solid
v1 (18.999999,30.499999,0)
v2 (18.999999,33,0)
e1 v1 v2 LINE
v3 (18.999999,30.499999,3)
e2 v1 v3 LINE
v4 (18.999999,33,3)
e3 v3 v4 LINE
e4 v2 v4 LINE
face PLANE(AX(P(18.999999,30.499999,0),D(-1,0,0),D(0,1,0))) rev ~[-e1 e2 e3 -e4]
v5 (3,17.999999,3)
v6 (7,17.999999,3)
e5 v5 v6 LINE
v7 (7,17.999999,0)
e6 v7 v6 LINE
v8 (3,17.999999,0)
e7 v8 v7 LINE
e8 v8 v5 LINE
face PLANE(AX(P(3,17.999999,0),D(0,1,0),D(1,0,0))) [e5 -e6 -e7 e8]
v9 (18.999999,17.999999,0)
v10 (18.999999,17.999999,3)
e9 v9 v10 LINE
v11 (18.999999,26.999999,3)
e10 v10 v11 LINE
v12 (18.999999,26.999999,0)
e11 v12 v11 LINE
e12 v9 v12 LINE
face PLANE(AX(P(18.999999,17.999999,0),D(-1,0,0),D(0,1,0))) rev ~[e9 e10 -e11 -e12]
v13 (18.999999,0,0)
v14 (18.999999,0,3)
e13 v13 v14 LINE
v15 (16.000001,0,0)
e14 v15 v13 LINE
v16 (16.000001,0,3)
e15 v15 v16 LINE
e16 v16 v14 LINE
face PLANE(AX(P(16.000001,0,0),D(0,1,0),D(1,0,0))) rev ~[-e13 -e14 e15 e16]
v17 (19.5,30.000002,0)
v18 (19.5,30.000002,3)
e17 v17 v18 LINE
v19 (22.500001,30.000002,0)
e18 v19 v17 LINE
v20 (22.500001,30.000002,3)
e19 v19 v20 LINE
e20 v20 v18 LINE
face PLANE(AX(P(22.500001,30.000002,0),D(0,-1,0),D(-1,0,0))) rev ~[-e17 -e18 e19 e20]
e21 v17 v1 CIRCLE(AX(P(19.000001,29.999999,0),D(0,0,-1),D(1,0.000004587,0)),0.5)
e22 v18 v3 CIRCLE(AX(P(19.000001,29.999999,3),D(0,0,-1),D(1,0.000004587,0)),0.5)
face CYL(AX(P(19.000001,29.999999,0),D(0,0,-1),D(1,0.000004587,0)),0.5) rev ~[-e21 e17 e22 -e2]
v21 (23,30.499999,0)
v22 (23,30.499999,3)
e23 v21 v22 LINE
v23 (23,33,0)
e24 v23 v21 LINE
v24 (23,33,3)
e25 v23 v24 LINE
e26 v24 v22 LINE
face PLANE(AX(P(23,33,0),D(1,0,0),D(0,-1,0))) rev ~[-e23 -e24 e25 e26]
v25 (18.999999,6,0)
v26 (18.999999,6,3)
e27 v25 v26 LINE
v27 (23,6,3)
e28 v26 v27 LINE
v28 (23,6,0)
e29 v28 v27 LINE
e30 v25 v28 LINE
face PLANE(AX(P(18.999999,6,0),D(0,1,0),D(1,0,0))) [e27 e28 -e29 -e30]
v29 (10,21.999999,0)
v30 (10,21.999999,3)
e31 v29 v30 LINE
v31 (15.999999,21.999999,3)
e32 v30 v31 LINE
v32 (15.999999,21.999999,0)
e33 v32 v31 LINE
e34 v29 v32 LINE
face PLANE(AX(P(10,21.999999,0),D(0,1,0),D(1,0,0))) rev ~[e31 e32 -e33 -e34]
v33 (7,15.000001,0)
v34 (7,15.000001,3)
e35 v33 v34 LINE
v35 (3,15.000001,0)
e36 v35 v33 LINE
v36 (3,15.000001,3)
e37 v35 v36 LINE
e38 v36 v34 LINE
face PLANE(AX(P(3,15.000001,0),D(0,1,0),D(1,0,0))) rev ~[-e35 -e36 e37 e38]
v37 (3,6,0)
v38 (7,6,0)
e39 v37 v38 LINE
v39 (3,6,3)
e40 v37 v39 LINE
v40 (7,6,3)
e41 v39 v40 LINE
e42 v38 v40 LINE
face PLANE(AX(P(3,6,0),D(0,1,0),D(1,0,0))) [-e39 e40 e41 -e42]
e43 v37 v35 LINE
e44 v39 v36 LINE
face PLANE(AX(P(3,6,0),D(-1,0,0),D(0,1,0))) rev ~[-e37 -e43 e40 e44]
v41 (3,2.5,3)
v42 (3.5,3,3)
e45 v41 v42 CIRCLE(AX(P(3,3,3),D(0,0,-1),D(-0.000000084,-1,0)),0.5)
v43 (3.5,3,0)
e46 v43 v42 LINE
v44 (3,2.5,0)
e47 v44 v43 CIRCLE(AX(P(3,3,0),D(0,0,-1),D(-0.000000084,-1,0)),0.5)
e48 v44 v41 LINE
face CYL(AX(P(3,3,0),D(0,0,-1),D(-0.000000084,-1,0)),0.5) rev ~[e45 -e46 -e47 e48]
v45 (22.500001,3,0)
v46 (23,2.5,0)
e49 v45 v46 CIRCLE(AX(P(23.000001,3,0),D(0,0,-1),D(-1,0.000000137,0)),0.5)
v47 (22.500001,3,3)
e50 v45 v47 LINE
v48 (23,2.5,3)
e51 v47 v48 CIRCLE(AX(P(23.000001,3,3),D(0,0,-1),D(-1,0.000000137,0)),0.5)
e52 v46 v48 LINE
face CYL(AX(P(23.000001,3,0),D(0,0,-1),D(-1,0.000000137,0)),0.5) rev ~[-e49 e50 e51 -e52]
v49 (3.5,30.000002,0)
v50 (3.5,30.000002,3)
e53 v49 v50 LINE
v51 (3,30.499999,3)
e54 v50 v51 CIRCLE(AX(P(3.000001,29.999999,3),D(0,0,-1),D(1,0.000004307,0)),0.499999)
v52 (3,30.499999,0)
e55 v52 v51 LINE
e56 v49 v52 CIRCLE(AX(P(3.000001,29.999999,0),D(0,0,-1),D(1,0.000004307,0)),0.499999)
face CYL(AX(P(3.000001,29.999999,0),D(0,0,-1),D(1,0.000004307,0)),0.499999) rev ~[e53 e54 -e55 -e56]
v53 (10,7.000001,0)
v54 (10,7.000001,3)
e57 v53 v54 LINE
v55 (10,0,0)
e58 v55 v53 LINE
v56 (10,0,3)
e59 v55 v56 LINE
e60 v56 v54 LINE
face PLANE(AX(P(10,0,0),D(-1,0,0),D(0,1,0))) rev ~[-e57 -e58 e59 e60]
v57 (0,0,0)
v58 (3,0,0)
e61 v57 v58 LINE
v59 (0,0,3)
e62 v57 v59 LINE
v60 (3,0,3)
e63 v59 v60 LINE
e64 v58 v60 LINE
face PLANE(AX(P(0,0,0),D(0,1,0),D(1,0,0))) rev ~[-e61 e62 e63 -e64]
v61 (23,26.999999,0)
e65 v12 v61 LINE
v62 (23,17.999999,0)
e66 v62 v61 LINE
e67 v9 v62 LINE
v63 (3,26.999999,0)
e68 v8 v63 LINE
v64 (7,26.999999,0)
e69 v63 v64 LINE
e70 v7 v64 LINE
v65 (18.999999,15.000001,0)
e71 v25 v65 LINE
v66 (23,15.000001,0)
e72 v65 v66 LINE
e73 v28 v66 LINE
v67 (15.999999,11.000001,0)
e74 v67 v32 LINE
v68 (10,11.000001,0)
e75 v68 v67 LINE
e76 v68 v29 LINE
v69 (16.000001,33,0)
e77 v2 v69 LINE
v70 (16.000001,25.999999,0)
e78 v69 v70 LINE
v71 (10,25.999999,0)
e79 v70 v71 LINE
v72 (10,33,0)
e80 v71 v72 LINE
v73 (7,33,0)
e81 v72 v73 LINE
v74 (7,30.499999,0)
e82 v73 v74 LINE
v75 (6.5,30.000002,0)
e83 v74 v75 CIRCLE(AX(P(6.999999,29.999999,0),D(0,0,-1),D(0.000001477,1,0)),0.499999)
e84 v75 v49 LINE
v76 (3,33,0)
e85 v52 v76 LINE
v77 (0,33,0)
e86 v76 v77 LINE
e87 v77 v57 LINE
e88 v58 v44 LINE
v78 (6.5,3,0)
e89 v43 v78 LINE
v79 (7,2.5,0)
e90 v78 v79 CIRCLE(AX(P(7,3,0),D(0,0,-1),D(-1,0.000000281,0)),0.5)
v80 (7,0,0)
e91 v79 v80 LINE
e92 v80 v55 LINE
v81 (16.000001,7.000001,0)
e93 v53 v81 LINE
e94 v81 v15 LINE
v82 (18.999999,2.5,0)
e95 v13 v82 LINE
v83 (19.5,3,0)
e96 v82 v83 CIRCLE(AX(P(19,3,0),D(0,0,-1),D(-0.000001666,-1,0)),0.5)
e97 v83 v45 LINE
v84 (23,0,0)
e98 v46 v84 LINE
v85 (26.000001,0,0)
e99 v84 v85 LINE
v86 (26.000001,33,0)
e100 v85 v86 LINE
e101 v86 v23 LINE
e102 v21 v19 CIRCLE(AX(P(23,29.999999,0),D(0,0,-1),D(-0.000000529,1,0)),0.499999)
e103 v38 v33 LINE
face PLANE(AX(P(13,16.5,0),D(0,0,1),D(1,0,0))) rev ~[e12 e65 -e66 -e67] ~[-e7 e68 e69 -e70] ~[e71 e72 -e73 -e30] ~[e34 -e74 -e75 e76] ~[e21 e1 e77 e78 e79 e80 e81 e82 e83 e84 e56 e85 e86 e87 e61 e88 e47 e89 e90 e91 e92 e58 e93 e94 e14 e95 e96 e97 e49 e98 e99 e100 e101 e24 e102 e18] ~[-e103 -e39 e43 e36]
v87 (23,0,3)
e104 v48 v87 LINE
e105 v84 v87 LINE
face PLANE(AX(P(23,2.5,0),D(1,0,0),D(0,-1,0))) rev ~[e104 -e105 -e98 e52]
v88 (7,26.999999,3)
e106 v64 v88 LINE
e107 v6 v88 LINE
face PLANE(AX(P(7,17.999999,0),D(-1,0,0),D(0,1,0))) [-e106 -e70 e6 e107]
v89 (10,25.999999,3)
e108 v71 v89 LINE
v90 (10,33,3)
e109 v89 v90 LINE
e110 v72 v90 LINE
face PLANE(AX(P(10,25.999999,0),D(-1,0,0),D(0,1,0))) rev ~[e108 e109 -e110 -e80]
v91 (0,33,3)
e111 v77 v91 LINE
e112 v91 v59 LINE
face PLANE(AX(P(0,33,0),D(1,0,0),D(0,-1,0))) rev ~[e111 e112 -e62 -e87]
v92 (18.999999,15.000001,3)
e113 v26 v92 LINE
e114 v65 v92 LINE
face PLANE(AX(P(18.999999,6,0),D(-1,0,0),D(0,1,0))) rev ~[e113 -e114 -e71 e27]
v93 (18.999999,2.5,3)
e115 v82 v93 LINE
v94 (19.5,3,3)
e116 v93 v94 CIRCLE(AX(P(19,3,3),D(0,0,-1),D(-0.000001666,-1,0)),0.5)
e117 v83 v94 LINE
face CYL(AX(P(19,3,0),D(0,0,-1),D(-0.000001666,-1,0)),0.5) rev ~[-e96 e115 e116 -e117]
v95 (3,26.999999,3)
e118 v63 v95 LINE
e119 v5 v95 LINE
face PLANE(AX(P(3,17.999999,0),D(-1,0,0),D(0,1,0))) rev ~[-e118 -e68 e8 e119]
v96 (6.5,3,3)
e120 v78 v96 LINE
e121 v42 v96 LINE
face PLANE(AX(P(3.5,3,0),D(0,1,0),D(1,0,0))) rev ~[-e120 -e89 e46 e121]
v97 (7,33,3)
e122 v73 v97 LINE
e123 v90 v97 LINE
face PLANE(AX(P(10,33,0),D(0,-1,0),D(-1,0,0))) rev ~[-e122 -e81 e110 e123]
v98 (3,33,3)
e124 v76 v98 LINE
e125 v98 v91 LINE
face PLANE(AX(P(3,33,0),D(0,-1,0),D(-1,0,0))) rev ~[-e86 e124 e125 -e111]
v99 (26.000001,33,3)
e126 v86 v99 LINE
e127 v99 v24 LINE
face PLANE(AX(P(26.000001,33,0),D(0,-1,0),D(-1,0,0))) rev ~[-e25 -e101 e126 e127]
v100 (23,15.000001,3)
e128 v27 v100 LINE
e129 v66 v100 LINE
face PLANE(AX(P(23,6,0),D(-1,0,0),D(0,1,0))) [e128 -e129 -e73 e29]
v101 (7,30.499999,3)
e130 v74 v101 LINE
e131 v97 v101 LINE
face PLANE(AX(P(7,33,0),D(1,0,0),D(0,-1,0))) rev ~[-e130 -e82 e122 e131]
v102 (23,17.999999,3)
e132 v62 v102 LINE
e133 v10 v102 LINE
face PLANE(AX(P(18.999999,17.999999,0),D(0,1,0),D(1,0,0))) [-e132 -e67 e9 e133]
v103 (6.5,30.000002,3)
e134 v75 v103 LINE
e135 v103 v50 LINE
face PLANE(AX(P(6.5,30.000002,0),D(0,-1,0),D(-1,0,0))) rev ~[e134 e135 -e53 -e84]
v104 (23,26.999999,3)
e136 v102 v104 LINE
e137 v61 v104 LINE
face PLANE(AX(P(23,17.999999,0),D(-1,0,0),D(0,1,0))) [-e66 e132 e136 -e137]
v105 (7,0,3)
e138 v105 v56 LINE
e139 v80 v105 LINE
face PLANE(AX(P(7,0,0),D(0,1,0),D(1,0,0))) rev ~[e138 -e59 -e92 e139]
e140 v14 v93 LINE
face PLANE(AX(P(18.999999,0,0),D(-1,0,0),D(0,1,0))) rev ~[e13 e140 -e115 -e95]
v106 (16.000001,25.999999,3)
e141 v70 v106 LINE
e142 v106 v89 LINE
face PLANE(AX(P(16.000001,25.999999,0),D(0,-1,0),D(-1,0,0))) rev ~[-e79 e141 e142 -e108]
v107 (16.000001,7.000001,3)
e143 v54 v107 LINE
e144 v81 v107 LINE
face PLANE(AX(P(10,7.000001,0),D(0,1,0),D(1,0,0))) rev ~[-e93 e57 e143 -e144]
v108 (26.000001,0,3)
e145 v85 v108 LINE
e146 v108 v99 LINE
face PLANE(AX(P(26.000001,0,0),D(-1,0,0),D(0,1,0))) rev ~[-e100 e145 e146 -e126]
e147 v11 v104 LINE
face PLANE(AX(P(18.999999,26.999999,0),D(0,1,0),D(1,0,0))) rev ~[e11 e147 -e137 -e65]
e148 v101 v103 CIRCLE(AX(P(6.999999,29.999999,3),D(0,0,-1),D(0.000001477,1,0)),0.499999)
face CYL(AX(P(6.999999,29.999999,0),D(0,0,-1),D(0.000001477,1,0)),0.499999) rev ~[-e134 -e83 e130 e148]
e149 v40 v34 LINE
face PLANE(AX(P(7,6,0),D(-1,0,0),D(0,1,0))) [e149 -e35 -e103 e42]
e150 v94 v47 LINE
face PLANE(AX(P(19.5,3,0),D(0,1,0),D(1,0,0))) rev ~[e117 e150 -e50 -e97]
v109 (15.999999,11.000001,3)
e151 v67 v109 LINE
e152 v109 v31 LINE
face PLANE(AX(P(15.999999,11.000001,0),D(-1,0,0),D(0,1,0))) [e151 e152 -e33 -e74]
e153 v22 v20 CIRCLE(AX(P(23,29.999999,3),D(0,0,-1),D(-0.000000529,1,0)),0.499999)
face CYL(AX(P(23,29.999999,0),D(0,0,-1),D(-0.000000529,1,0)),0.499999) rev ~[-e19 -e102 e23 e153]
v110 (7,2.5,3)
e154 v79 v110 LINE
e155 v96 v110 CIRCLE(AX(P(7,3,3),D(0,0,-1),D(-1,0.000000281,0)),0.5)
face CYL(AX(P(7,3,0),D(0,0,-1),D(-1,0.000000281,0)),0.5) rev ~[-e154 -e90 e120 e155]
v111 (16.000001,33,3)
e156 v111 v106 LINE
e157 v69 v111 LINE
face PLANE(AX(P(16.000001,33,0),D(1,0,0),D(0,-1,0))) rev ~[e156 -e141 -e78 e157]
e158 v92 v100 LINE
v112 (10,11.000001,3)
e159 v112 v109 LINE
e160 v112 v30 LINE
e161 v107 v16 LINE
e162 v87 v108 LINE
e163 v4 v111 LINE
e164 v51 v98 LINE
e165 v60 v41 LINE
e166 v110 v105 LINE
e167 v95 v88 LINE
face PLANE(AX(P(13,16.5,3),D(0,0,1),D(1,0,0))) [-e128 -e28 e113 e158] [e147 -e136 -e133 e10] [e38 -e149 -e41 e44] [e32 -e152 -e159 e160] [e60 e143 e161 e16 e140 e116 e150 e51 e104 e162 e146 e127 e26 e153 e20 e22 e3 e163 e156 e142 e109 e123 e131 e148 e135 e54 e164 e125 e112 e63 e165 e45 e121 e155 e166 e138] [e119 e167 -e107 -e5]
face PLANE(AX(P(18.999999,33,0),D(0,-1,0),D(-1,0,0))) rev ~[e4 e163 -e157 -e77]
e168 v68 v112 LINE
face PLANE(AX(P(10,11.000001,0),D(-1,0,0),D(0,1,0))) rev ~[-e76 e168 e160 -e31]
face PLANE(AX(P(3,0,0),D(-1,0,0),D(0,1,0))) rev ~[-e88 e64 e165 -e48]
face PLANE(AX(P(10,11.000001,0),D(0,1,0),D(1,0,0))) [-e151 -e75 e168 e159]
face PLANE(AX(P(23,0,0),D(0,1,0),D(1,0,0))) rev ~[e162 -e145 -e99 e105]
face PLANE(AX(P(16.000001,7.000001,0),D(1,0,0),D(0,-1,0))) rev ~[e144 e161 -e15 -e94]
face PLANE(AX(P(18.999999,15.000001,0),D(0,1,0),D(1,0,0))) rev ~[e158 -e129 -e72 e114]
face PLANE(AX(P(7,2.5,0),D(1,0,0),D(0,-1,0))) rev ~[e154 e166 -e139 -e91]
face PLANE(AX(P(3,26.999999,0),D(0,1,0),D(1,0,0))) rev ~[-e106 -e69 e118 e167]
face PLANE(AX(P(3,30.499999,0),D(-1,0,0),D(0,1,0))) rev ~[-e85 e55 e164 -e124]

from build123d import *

# Parameters (mm, degrees)
SKETCH_1_W      = 5.999999173
SKETCH_1_H      = 10.999998182
SKETCH_1_W_2    = 4.00000019
SKETCH_1_H_2    = 8.999999777
SKETCH_1_H_3    = 9.000000708
SKETCH_1_W_3    = 4.000000656
EXTRUDE_1_DEPTH = 3


with BuildPart() as part:
    # 草图1 → 凸台-拉伸1 (new body)
    with BuildSketch(Plane.XY):
        with BuildLine():
            Line((9.999999777, 25.999999166), (9.999999777, 33.000000149))
            Line((9.999999777, 33.000000149), (7.000000216, 33.000000149))
            Line((7.000000216, 33.000000149), (7.000000216, 30.499998808))
            ThreePointArc((7.000000216, 30.499998808), (7.353551416, 29.64644555), (6.500000134, 30.00000152))
            Line((6.500000134, 30.00000152), (3.500000108, 30.00000152))
            ThreePointArc((3.500000108, 30.00000152), (2.646448658, 29.646445383), (3.000000026, 30.499998808))
            Line((3.000000026, 30.499998808), (3.000000026, 33.000000149))
            Line((3.000000026, 33.000000149), (0, 33.000000149))
            Line((0, 33.000000149), (0, 0))
            Line((0, 0), (3.000000026, 0))
            Line((3.000000026, 0), (3.000000026, 2.499999944))
            ThreePointArc((3.000000026, 2.499999944), (2.64644665, 3.353553403), (3.500000108, 3.000000026))
            Line((3.500000108, 3.000000026), (6.500000134, 3.000000026))
            ThreePointArc((6.500000134, 3.000000026), (7.353553425, 3.353553235), (7.000000216, 2.499999944))
            Line((7.000000216, 2.499999944), (7.000000216, 0))
            Line((7.000000216, 0), (9.999999777, 0))
            Line((9.999999777, 0), (9.999999777, 7.000000983))
            Line((9.999999777, 7.000000983), (16.00000076, 7.000000983))
            Line((16.00000076, 7.000000983), (16.00000076, 0))
            Line((16.00000076, 0), (18.999999389, 0))
            Line((18.999999389, 0), (18.999999389, 2.499999944))
            ThreePointArc((18.999999389, 2.499999944), (18.646447034, 3.353553971), (19.500000402, 3.000000026))
            Line((19.500000402, 3.000000026), (22.500000894, 3.000000026))
            ThreePointArc((22.500000894, 3.000000026), (23.353554637, 3.353553028), (23.000000045, 2.499999944))
            Line((23.000000045, 2.499999944), (23.000000045, 0))
            Line((23.000000045, 0), (26.000000536, 0))
            Line((26.000000536, 0), (26.000000536, 33.000000149))
            Line((26.000000536, 33.000000149), (23.000000045, 33.000000149))
            Line((23.000000045, 33.000000149), (23.000000045, 30.499998808))
            ThreePointArc((23.000000045, 30.499998808), (23.353552628, 29.646445757), (22.500000894, 30.00000152))
            Line((22.500000894, 30.00000152), (19.500000402, 30.00000152))
            ThreePointArc((19.500000402, 30.00000152), (18.646449043, 29.646444814), (18.999999389, 30.499998808))
            Line((18.999999389, 30.499998808), (18.999999389, 33.000000149))
            Line((18.999999389, 33.000000149), (16.00000076, 33.000000149))
            Line((16.00000076, 33.000000149), (16.00000076, 25.999999166))
            Line((16.00000076, 25.999999166), (9.999999777, 25.999999166))
        make_face()
        with Locations((12.999999802, 16.500000075)):
            Rectangle(SKETCH_1_W, SKETCH_1_H, mode=Mode.SUBTRACT)
        with Locations((5.000000121, 22.499999278)):
            Rectangle(SKETCH_1_W_2, SKETCH_1_H_2, mode=Mode.SUBTRACT)
        with Locations((5.000000121, 10.500000406)):
            Rectangle(SKETCH_1_W_2, SKETCH_1_H_3, mode=Mode.SUBTRACT)
        with Locations((20.999999717, 10.500000406)):
            Rectangle(SKETCH_1_W_3, SKETCH_1_H_3, mode=Mode.SUBTRACT)
        with Locations((20.999999717, 22.499999278)):
            Rectangle(SKETCH_1_W_3, SKETCH_1_H_2, mode=Mode.SUBTRACT)
    extrude(amount=EXTRUDE_1_DEPTH)


solid = part.part
